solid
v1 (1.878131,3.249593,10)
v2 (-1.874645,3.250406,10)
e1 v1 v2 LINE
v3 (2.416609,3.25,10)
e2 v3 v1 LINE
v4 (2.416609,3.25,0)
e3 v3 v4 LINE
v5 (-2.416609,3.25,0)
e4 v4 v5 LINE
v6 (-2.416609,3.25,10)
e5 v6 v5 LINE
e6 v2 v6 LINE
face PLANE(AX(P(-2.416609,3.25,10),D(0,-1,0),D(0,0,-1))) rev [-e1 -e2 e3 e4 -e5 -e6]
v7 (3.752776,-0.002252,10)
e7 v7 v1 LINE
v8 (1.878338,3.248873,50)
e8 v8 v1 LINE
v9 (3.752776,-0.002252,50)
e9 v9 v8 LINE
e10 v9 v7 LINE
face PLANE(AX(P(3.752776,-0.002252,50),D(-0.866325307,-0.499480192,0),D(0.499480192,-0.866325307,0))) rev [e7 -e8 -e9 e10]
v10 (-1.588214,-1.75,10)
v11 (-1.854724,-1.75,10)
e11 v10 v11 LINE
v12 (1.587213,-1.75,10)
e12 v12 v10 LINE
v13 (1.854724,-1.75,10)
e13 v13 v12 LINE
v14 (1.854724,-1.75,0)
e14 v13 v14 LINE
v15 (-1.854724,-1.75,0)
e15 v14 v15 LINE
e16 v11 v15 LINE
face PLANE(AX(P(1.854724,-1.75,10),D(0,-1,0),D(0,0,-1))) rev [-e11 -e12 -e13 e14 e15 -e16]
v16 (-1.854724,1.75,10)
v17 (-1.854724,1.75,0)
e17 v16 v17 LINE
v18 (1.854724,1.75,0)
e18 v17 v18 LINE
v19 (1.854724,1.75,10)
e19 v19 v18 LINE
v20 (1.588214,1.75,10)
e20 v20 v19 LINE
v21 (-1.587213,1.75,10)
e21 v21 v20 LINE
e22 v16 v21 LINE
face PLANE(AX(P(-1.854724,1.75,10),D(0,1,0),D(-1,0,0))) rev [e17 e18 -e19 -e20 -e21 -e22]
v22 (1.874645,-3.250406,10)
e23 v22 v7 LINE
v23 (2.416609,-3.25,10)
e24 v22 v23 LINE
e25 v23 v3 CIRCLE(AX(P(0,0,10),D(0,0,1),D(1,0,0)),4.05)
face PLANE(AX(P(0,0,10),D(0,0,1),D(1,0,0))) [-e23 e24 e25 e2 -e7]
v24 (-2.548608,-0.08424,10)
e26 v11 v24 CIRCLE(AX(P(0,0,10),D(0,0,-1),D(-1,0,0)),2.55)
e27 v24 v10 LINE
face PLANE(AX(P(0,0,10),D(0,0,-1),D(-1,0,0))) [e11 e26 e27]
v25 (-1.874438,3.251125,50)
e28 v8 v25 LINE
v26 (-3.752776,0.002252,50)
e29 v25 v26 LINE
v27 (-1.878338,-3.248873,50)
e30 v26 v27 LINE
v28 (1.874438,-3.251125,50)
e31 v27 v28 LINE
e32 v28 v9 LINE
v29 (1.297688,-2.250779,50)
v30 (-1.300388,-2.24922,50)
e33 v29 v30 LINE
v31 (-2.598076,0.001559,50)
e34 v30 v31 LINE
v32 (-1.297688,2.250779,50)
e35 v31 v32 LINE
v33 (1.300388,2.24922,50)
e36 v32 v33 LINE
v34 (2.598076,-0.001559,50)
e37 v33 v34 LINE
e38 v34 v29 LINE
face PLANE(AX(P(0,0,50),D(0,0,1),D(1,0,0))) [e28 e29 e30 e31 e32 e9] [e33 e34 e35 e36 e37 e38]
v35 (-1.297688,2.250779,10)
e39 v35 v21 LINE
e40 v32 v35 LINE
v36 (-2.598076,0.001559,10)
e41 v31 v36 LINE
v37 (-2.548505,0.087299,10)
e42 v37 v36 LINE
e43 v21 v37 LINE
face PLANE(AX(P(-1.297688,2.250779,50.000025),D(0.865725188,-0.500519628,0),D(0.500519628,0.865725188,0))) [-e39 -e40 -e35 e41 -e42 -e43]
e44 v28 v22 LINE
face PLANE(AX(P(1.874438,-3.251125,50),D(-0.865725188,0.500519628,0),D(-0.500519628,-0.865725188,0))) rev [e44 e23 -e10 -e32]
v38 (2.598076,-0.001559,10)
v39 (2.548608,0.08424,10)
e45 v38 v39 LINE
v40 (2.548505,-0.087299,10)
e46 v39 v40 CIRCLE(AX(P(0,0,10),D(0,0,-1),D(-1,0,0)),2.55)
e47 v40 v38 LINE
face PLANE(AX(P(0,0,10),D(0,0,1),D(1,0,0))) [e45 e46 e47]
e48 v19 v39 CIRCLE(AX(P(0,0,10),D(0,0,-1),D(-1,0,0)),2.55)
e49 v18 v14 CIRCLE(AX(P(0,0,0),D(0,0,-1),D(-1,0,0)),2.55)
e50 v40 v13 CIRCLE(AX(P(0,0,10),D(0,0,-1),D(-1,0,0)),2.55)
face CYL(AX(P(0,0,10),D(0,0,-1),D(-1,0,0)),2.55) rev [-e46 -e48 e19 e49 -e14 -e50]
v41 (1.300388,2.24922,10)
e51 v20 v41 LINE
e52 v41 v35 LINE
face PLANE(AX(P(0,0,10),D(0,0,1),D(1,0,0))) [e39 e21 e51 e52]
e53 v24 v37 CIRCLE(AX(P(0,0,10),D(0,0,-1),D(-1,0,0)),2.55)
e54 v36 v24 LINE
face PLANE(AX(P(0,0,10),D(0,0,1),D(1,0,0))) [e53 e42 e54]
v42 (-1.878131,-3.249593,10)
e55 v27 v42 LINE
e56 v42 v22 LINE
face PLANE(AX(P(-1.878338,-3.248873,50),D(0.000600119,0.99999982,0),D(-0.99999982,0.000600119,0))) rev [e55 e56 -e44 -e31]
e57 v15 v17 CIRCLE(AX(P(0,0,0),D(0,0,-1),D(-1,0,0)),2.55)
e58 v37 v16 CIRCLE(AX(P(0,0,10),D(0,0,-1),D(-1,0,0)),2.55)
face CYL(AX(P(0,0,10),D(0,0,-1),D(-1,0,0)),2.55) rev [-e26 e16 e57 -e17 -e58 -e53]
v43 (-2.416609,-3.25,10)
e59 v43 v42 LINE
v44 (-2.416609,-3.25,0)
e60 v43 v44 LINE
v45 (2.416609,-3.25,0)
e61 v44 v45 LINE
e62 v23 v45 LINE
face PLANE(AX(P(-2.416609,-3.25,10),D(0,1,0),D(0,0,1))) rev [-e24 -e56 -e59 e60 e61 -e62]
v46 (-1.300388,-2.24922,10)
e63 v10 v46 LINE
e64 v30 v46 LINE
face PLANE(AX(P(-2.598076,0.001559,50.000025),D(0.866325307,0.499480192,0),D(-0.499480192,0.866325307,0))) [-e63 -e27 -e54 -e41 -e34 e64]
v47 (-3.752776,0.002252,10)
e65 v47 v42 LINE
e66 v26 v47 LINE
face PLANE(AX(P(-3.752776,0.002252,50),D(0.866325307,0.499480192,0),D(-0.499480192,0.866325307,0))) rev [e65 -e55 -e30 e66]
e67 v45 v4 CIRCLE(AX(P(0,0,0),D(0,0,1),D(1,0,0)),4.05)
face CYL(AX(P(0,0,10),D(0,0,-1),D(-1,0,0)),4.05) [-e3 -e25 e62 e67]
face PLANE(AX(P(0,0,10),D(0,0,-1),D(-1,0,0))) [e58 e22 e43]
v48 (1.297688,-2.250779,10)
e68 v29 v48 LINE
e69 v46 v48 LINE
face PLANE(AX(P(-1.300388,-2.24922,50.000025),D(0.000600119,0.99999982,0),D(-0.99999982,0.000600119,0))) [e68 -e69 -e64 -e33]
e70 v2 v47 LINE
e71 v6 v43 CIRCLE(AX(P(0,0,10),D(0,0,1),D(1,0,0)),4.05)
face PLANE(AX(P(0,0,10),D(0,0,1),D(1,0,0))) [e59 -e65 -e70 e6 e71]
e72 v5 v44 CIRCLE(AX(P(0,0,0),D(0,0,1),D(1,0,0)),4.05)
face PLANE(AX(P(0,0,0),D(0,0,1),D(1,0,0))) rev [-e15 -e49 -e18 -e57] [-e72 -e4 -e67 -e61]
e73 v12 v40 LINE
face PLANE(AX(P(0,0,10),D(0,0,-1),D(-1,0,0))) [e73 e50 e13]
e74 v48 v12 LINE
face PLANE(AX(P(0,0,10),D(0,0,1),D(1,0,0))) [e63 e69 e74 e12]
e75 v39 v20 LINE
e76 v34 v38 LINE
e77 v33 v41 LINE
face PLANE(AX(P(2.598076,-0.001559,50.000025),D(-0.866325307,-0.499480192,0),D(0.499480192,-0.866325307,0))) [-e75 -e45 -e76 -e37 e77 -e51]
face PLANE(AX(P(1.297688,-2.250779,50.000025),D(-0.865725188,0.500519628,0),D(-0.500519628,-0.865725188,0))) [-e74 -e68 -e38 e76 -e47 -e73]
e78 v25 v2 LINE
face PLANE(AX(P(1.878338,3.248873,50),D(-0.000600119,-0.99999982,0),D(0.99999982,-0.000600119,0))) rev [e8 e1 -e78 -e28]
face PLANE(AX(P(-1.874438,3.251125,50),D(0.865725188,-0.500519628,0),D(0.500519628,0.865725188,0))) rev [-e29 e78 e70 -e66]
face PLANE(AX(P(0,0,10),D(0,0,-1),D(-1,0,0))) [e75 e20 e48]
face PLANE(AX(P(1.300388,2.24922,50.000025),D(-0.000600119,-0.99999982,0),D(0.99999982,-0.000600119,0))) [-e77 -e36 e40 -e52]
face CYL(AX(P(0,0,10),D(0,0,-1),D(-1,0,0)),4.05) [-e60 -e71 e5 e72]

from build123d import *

# Parameters (mm, degrees)
BOSS_EXTRUDE2_DEPTH     = 10
BOSS_EXTRUDE3_DEPTH     = 40
CUT_EXTRUDE3_DEPTH      = 51.268999561
CUT_EXTRUDE3_DEPTH_BACK = 40
CUT_EXTRUDE4_DEPTH      = 10


with BuildPart() as part:
    # Sketch1 → Boss-Extrude2 (new body)
    with BuildSketch(Plane.XY):
        with BuildLine():
            Line((-2.416609195, 3.25), (2.416609195, 3.25))
            ThreePointArc((2.416609195, 3.25), (4.05, 0), (2.416609195, -3.25))
            Line((2.416609195, -3.25), (-2.416609195, -3.25))
            ThreePointArc((-2.416609195, -3.25), (-4.05, 0), (-2.416609195, 3.25))
        make_face()
    extrude(amount=BOSS_EXTRUDE2_DEPTH)

    # Sketch4 → Boss-Extrude3 (add)
    with BuildSketch(Plane.XY.offset(10)):
        Polygon((1.87443765, -3.251125471), (3.752776074, -0.002252112), (1.878338424, 3.248873359), (-1.87443765, 3.251125471), (-3.752776074, 0.002252112), (-1.878338424, -3.248873359), align=None)
    extrude(amount=BOSS_EXTRUDE3_DEPTH)

    # Sketch5 → Cut-Extrude3 (cut, two sides: drawn at the far end of the back side and taken through both)
    with BuildSketch(Plane.XY.offset(50).offset(-CUT_EXTRUDE3_DEPTH_BACK)):
        Polygon((-1.300388139, -2.249220017), (1.297687604, -2.250779172), (2.598075744, -0.001559155), (1.300388139, 2.249220017), (-1.297687604, 2.250779172), (-2.598075744, 0.001559155), align=None)
    extrude(amount=CUT_EXTRUDE3_DEPTH + CUT_EXTRUDE3_DEPTH_BACK, mode=Mode.SUBTRACT)

    # Sketch3 → Cut-Extrude4 (cut)
    with BuildSketch(Plane(origin=(0, 0, 0), x_dir=(-1, 0, 0), z_dir=(0, 0, -1))):
        with BuildLine():
            Line((1.854723699, 1.75), (-1.854723699, 1.75))
            ThreePointArc((-1.854723699, 1.75), (-2.55, 0), (-1.854723699, -1.75))
            Line((-1.854723699, -1.75), (1.854723699, -1.75))
            ThreePointArc((1.854723699, -1.75), (2.55, 0), (1.854723699, 1.75))
        make_face()
    extrude(amount=-CUT_EXTRUDE4_DEPTH, mode=Mode.SUBTRACT)


solid = part.part
